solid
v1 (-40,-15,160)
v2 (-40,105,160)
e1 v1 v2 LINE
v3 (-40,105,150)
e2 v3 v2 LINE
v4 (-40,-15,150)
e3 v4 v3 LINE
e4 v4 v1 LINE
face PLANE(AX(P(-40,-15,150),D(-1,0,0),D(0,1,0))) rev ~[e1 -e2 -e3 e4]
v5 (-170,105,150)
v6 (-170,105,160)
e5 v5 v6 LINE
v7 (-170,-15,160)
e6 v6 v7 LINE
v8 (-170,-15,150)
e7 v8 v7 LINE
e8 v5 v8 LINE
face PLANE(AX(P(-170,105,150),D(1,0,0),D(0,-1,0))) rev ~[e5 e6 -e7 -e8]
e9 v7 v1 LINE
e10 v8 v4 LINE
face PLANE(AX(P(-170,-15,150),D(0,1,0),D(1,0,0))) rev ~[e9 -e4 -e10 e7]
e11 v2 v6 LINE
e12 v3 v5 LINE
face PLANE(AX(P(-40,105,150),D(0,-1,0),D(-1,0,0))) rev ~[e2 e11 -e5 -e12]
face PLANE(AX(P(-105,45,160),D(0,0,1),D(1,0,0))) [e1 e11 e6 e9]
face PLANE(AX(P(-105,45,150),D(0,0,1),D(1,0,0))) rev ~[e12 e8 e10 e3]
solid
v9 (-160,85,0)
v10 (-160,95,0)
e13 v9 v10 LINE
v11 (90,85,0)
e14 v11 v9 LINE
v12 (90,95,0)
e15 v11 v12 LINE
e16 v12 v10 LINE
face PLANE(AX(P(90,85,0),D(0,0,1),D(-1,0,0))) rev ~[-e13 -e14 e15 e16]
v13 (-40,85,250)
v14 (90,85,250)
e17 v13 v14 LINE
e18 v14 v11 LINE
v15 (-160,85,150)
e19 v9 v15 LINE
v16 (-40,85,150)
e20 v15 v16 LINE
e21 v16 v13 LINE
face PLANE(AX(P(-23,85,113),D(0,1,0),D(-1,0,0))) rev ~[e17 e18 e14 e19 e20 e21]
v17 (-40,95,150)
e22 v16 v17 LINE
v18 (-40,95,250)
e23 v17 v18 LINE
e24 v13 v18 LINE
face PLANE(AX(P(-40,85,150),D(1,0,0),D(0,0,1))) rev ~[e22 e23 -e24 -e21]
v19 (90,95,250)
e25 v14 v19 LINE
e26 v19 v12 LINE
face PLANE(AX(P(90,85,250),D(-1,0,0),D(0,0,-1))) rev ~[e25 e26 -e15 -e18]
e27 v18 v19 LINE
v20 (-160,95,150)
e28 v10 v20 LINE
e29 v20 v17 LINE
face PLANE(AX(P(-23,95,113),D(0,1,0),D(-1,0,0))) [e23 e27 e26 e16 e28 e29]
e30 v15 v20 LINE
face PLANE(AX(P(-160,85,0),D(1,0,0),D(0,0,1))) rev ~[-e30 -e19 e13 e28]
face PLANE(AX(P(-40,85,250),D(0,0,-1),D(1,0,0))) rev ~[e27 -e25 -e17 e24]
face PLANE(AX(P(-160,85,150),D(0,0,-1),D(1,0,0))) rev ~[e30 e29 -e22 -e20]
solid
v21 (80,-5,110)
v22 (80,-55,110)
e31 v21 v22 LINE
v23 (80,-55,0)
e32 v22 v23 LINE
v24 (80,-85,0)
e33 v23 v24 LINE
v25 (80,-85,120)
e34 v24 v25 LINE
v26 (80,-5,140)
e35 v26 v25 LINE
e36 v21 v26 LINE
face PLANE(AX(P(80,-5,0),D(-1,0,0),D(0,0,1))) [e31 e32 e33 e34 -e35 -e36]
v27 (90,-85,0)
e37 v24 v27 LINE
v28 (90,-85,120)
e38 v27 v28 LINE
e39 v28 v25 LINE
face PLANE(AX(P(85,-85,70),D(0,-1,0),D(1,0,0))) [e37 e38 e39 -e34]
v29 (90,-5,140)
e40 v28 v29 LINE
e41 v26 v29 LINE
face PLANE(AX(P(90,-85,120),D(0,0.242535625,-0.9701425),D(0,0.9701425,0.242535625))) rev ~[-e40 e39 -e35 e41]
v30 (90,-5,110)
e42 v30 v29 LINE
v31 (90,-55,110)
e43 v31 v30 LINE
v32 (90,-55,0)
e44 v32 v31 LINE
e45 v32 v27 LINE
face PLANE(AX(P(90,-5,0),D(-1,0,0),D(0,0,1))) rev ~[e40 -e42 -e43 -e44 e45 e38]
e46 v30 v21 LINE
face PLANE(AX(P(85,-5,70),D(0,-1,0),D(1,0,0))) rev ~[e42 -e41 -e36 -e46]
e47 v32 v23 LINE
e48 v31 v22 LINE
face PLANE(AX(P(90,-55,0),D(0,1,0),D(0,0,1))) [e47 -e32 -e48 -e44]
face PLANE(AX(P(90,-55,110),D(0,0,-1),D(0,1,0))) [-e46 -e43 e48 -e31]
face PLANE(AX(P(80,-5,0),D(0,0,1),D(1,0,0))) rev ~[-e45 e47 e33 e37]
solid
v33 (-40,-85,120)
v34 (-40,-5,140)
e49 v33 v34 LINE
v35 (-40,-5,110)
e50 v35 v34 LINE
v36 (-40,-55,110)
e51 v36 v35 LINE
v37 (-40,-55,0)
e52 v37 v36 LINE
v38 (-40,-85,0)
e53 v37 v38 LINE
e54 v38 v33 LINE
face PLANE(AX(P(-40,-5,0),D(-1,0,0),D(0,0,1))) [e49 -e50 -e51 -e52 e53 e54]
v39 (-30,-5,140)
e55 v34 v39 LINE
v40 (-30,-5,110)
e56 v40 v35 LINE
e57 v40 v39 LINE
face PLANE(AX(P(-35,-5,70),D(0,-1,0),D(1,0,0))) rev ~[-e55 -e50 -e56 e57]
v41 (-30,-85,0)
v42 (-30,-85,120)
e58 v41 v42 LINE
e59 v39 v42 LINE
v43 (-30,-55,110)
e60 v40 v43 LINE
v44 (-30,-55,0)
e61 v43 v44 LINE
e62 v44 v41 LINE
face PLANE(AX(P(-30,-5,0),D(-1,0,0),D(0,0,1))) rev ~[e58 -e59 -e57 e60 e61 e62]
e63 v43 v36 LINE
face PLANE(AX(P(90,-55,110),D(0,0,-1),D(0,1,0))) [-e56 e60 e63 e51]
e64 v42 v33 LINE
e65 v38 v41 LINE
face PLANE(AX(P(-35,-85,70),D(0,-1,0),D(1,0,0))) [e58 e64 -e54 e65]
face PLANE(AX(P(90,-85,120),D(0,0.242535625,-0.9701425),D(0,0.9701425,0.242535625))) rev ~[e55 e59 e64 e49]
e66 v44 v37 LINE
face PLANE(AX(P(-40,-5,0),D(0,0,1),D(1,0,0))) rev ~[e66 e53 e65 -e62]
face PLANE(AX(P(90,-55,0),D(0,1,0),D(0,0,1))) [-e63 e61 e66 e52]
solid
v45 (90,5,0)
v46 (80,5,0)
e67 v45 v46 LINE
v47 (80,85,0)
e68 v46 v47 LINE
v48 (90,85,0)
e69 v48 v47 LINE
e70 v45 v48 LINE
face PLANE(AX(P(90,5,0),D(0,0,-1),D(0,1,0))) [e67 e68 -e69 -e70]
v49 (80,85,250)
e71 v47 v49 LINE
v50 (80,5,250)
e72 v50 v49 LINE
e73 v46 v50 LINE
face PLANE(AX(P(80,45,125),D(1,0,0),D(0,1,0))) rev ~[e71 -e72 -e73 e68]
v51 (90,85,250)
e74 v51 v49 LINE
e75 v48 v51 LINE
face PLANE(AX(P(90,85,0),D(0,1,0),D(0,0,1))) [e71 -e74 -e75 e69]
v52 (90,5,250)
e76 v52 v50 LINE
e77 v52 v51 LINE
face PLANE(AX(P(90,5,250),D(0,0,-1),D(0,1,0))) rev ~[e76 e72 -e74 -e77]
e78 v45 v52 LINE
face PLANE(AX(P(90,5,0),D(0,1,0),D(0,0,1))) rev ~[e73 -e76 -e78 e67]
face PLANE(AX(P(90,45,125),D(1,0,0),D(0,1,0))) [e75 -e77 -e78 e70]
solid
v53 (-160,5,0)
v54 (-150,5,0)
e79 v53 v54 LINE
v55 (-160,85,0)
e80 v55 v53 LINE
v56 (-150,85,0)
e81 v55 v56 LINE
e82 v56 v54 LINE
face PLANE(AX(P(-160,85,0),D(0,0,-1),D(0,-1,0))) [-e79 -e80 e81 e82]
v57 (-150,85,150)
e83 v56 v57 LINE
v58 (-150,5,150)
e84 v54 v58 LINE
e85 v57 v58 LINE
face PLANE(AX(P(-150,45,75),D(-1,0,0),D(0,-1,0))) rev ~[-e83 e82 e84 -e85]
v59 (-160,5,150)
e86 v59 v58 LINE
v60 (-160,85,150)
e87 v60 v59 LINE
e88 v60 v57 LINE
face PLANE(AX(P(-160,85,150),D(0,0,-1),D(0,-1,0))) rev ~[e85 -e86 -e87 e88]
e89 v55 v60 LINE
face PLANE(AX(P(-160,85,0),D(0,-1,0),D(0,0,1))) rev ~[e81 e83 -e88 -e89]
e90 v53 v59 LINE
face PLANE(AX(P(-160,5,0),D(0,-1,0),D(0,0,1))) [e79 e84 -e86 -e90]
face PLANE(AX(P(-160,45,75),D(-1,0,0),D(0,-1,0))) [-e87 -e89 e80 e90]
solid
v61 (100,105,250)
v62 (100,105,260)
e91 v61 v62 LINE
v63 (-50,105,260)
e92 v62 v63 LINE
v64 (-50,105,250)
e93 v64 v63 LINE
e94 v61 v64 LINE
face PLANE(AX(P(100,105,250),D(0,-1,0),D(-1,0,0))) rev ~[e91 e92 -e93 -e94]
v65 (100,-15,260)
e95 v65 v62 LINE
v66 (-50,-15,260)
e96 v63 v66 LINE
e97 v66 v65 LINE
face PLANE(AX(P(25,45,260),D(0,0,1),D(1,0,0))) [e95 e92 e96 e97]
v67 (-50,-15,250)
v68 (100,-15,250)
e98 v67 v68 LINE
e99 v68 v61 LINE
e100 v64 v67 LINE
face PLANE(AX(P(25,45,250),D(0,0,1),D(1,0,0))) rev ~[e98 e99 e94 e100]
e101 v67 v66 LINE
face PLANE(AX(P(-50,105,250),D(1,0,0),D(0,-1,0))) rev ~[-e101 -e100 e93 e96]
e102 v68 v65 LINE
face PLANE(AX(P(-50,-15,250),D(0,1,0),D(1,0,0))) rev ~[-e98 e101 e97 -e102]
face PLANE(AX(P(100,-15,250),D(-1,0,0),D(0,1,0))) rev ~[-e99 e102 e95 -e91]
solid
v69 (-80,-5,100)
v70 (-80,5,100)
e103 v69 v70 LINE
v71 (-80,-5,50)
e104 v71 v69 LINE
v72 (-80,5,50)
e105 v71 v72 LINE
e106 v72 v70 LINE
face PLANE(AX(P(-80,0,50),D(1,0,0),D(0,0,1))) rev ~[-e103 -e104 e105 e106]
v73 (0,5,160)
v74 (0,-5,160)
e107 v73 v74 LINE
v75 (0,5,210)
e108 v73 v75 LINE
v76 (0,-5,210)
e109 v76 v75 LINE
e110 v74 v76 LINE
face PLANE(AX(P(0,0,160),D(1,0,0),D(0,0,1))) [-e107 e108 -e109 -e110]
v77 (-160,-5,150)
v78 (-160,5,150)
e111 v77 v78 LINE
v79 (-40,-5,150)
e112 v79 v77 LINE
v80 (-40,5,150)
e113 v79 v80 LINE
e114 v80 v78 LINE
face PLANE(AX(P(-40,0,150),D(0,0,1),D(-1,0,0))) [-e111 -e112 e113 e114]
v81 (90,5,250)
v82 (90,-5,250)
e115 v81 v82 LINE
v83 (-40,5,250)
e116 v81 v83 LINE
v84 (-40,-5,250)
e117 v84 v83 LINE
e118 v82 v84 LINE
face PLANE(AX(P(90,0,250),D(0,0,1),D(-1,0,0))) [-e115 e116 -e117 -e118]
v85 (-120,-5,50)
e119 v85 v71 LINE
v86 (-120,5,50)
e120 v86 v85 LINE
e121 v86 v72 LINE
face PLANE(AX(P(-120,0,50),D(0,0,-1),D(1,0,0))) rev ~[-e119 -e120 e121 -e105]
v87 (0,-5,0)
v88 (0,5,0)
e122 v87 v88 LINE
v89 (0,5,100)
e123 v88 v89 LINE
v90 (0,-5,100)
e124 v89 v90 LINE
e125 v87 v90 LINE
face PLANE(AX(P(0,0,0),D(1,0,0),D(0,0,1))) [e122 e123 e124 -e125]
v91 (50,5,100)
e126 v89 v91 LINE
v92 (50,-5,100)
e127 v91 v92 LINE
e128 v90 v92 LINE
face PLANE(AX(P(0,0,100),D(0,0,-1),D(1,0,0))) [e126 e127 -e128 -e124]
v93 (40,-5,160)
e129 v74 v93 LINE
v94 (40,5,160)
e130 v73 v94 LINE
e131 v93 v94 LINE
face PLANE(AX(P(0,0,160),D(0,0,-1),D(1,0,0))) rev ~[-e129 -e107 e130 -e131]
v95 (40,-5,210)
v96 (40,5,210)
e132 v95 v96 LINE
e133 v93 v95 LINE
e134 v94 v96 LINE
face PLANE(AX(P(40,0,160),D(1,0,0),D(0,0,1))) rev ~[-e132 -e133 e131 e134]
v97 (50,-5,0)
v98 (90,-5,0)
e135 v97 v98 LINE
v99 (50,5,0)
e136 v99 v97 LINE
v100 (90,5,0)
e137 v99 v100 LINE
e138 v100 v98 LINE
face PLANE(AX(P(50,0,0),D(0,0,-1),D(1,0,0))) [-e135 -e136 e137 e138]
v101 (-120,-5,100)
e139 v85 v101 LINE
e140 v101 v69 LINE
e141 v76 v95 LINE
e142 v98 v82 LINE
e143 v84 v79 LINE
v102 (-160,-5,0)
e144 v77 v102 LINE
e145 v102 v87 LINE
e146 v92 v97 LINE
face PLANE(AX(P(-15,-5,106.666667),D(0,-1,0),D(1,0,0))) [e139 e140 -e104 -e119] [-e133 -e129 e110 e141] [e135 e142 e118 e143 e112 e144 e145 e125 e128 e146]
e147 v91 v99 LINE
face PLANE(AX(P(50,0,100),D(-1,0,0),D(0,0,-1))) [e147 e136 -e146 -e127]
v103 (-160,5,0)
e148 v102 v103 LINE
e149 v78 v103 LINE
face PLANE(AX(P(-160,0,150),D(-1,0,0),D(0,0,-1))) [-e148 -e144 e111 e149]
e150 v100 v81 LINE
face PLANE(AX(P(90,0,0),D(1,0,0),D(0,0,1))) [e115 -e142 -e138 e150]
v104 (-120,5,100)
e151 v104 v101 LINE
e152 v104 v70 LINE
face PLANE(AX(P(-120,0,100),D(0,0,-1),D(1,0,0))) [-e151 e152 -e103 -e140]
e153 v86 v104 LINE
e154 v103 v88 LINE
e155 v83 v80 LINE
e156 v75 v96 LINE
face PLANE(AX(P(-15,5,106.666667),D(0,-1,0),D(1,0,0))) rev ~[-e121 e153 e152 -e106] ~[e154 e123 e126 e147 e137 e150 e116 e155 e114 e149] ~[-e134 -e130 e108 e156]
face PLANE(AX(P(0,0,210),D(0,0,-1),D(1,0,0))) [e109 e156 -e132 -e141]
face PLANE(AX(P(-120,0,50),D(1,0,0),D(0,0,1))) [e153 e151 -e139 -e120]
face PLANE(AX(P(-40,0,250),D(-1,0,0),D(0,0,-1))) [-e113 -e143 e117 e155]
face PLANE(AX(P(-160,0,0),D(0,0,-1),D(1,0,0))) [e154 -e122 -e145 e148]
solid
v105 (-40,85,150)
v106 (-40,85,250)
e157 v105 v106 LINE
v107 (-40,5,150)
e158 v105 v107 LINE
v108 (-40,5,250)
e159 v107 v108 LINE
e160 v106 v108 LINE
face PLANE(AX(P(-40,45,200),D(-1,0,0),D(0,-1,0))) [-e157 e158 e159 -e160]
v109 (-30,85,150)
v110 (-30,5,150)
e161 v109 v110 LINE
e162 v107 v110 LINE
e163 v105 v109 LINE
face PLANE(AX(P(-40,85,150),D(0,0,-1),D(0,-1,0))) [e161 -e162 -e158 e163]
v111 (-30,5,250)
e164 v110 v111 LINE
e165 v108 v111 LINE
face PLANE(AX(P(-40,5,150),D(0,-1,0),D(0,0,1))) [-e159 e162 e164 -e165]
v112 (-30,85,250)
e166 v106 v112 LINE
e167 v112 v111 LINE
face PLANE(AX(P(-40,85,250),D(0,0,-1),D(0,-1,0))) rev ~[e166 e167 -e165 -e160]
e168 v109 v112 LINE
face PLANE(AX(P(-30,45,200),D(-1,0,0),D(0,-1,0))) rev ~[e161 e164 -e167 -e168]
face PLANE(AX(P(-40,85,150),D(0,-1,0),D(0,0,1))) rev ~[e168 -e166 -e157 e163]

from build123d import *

# Parameters (mm, degrees)
F0_W      = 40
F0_H      = 50
F1_DEPTH  = 5
F4_DEPTH  = 10
F5_W      = 80
F5_H      = 250
F6_DEPTH  = 10
F7_W      = 80
F7_H      = 150
F8_DEPTH  = 10
F9_W      = 80
F9_H      = 100
F10_DEPTH = 10
F12_DEPTH = 10
F14_DEPTH = 10
F15_W     = 10
F15_H     = 140
F16_DEPTH = 80
F17_W     = 50
F17_H     = 110
F18_DEPTH = 130


with BuildPart() as f1:
    # F0 (on Front) → F1 (new body, symmetric)
    with BuildSketch(Plane.XZ):
        Polygon((0, 0), (0, 100), (50, 100), (50, 0), (90, 0), (90, 250), (-40, 250), (-40, 150), (-160, 150), (-160, 0), align=None)
        with Locations((-100, 75)):
            Rectangle(F0_W, F0_H, mode=Mode.SUBTRACT)
        with Locations((20, 185)):
            Rectangle(F0_W, F0_H, mode=Mode.SUBTRACT)
    extrude(amount=F1_DEPTH, both=True)


with BuildPart() as f4:
    # F3 (on offset) → F4 (new body)
    with BuildSketch(Plane(origin=(0, 85, 0), x_dir=(-1, 0, 0), z_dir=(0, 1, 0))):
        Polygon((-90, 250), (-90, 0), (-50, 0), (0, 0), (160, 0), (160, 150), (40, 150), (40, 250), align=None)
    extrude(amount=F4_DEPTH)


with BuildPart() as f6:
    # F5 (on face) → F6 (new body)
    with BuildSketch(Plane.YZ.offset(90)):
        with Locations((45, 125)):
            Rectangle(F5_W, F5_H)
    extrude(amount=-F6_DEPTH)


with BuildPart() as f8:
    # F7 (on face) → F8 (new body)
    with BuildSketch(Plane(origin=(-160, 0, 0), x_dir=(0, -1, 0), z_dir=(-1, 0, 0))):
        with Locations((-45, 75)):
            Rectangle(F7_W, F7_H)
    extrude(amount=-F8_DEPTH)


with BuildPart() as f10:
    # F9 (on face) → F10 (new body)
    with BuildSketch(Plane(origin=(-40, 0, 0), x_dir=(0, -1, 0), z_dir=(-1, 0, 0))):
        with Locations((-45, 200)):
            Rectangle(F9_W, F9_H)
    extrude(amount=-F10_DEPTH)


with BuildPart() as f12:
    # F11 (on face) → F12 (new body)
    with BuildSketch(Plane.XY.offset(150)):
        Polygon((-40, 105), (-170, 105), (-170, 85), (-170, 5), (-170, -15), (-40, -15), align=None)
    extrude(amount=F12_DEPTH)


with BuildPart() as f14:
    # F13 (on face) → F14 (new body)
    with BuildSketch(Plane.XY.offset(250)):
        Polygon((100, 105), (-50, 105), (-50, 85), (-50, 5), (-50, -15), (100, -15), (100, 5), (100, 85), align=None)
    extrude(amount=F14_DEPTH)


with BuildPart() as f16:
    # F15 (on face) → F16 (new body)
    with BuildSketch(Plane.XZ.offset(5)):
        with Locations((-35, 70)):
            Rectangle(F15_W, F15_H)
    extrude(amount=F16_DEPTH)


with BuildPart() as f16b:
    # F15 (on face) → F16, piece 2 (new body)
    with BuildSketch(Plane.XZ.offset(5)):
        with Locations((85, 70)):
            Rectangle(F15_W, F15_H)
    extrude(amount=F16_DEPTH)


with BuildPart() as f18_tool:
    # F17 (on face) → F18 (new body, through all)
    with BuildSketch(Plane.YZ.offset(90)):
        Polygon((-85, 120), (-5, 140), (-85, 140), align=None)
        with Locations((-30, 55)):
            Rectangle(F17_W, F17_H)
    extrude(amount=-F18_DEPTH)


with BuildPart() as f16_1:
    add(f16.part)

    # F18: cut by f18_tool
    add(f18_tool.part, mode=Mode.SUBTRACT)


with BuildPart() as f16b_1:
    add(f16b.part)

    # F18: cut by f18_tool
    add(f18_tool.part, mode=Mode.SUBTRACT)


solid = Compound([f1.part, f4.part, f6.part, f8.part, f10.part, f12.part, f14.part, f16_1.part, f16b_1.part])
